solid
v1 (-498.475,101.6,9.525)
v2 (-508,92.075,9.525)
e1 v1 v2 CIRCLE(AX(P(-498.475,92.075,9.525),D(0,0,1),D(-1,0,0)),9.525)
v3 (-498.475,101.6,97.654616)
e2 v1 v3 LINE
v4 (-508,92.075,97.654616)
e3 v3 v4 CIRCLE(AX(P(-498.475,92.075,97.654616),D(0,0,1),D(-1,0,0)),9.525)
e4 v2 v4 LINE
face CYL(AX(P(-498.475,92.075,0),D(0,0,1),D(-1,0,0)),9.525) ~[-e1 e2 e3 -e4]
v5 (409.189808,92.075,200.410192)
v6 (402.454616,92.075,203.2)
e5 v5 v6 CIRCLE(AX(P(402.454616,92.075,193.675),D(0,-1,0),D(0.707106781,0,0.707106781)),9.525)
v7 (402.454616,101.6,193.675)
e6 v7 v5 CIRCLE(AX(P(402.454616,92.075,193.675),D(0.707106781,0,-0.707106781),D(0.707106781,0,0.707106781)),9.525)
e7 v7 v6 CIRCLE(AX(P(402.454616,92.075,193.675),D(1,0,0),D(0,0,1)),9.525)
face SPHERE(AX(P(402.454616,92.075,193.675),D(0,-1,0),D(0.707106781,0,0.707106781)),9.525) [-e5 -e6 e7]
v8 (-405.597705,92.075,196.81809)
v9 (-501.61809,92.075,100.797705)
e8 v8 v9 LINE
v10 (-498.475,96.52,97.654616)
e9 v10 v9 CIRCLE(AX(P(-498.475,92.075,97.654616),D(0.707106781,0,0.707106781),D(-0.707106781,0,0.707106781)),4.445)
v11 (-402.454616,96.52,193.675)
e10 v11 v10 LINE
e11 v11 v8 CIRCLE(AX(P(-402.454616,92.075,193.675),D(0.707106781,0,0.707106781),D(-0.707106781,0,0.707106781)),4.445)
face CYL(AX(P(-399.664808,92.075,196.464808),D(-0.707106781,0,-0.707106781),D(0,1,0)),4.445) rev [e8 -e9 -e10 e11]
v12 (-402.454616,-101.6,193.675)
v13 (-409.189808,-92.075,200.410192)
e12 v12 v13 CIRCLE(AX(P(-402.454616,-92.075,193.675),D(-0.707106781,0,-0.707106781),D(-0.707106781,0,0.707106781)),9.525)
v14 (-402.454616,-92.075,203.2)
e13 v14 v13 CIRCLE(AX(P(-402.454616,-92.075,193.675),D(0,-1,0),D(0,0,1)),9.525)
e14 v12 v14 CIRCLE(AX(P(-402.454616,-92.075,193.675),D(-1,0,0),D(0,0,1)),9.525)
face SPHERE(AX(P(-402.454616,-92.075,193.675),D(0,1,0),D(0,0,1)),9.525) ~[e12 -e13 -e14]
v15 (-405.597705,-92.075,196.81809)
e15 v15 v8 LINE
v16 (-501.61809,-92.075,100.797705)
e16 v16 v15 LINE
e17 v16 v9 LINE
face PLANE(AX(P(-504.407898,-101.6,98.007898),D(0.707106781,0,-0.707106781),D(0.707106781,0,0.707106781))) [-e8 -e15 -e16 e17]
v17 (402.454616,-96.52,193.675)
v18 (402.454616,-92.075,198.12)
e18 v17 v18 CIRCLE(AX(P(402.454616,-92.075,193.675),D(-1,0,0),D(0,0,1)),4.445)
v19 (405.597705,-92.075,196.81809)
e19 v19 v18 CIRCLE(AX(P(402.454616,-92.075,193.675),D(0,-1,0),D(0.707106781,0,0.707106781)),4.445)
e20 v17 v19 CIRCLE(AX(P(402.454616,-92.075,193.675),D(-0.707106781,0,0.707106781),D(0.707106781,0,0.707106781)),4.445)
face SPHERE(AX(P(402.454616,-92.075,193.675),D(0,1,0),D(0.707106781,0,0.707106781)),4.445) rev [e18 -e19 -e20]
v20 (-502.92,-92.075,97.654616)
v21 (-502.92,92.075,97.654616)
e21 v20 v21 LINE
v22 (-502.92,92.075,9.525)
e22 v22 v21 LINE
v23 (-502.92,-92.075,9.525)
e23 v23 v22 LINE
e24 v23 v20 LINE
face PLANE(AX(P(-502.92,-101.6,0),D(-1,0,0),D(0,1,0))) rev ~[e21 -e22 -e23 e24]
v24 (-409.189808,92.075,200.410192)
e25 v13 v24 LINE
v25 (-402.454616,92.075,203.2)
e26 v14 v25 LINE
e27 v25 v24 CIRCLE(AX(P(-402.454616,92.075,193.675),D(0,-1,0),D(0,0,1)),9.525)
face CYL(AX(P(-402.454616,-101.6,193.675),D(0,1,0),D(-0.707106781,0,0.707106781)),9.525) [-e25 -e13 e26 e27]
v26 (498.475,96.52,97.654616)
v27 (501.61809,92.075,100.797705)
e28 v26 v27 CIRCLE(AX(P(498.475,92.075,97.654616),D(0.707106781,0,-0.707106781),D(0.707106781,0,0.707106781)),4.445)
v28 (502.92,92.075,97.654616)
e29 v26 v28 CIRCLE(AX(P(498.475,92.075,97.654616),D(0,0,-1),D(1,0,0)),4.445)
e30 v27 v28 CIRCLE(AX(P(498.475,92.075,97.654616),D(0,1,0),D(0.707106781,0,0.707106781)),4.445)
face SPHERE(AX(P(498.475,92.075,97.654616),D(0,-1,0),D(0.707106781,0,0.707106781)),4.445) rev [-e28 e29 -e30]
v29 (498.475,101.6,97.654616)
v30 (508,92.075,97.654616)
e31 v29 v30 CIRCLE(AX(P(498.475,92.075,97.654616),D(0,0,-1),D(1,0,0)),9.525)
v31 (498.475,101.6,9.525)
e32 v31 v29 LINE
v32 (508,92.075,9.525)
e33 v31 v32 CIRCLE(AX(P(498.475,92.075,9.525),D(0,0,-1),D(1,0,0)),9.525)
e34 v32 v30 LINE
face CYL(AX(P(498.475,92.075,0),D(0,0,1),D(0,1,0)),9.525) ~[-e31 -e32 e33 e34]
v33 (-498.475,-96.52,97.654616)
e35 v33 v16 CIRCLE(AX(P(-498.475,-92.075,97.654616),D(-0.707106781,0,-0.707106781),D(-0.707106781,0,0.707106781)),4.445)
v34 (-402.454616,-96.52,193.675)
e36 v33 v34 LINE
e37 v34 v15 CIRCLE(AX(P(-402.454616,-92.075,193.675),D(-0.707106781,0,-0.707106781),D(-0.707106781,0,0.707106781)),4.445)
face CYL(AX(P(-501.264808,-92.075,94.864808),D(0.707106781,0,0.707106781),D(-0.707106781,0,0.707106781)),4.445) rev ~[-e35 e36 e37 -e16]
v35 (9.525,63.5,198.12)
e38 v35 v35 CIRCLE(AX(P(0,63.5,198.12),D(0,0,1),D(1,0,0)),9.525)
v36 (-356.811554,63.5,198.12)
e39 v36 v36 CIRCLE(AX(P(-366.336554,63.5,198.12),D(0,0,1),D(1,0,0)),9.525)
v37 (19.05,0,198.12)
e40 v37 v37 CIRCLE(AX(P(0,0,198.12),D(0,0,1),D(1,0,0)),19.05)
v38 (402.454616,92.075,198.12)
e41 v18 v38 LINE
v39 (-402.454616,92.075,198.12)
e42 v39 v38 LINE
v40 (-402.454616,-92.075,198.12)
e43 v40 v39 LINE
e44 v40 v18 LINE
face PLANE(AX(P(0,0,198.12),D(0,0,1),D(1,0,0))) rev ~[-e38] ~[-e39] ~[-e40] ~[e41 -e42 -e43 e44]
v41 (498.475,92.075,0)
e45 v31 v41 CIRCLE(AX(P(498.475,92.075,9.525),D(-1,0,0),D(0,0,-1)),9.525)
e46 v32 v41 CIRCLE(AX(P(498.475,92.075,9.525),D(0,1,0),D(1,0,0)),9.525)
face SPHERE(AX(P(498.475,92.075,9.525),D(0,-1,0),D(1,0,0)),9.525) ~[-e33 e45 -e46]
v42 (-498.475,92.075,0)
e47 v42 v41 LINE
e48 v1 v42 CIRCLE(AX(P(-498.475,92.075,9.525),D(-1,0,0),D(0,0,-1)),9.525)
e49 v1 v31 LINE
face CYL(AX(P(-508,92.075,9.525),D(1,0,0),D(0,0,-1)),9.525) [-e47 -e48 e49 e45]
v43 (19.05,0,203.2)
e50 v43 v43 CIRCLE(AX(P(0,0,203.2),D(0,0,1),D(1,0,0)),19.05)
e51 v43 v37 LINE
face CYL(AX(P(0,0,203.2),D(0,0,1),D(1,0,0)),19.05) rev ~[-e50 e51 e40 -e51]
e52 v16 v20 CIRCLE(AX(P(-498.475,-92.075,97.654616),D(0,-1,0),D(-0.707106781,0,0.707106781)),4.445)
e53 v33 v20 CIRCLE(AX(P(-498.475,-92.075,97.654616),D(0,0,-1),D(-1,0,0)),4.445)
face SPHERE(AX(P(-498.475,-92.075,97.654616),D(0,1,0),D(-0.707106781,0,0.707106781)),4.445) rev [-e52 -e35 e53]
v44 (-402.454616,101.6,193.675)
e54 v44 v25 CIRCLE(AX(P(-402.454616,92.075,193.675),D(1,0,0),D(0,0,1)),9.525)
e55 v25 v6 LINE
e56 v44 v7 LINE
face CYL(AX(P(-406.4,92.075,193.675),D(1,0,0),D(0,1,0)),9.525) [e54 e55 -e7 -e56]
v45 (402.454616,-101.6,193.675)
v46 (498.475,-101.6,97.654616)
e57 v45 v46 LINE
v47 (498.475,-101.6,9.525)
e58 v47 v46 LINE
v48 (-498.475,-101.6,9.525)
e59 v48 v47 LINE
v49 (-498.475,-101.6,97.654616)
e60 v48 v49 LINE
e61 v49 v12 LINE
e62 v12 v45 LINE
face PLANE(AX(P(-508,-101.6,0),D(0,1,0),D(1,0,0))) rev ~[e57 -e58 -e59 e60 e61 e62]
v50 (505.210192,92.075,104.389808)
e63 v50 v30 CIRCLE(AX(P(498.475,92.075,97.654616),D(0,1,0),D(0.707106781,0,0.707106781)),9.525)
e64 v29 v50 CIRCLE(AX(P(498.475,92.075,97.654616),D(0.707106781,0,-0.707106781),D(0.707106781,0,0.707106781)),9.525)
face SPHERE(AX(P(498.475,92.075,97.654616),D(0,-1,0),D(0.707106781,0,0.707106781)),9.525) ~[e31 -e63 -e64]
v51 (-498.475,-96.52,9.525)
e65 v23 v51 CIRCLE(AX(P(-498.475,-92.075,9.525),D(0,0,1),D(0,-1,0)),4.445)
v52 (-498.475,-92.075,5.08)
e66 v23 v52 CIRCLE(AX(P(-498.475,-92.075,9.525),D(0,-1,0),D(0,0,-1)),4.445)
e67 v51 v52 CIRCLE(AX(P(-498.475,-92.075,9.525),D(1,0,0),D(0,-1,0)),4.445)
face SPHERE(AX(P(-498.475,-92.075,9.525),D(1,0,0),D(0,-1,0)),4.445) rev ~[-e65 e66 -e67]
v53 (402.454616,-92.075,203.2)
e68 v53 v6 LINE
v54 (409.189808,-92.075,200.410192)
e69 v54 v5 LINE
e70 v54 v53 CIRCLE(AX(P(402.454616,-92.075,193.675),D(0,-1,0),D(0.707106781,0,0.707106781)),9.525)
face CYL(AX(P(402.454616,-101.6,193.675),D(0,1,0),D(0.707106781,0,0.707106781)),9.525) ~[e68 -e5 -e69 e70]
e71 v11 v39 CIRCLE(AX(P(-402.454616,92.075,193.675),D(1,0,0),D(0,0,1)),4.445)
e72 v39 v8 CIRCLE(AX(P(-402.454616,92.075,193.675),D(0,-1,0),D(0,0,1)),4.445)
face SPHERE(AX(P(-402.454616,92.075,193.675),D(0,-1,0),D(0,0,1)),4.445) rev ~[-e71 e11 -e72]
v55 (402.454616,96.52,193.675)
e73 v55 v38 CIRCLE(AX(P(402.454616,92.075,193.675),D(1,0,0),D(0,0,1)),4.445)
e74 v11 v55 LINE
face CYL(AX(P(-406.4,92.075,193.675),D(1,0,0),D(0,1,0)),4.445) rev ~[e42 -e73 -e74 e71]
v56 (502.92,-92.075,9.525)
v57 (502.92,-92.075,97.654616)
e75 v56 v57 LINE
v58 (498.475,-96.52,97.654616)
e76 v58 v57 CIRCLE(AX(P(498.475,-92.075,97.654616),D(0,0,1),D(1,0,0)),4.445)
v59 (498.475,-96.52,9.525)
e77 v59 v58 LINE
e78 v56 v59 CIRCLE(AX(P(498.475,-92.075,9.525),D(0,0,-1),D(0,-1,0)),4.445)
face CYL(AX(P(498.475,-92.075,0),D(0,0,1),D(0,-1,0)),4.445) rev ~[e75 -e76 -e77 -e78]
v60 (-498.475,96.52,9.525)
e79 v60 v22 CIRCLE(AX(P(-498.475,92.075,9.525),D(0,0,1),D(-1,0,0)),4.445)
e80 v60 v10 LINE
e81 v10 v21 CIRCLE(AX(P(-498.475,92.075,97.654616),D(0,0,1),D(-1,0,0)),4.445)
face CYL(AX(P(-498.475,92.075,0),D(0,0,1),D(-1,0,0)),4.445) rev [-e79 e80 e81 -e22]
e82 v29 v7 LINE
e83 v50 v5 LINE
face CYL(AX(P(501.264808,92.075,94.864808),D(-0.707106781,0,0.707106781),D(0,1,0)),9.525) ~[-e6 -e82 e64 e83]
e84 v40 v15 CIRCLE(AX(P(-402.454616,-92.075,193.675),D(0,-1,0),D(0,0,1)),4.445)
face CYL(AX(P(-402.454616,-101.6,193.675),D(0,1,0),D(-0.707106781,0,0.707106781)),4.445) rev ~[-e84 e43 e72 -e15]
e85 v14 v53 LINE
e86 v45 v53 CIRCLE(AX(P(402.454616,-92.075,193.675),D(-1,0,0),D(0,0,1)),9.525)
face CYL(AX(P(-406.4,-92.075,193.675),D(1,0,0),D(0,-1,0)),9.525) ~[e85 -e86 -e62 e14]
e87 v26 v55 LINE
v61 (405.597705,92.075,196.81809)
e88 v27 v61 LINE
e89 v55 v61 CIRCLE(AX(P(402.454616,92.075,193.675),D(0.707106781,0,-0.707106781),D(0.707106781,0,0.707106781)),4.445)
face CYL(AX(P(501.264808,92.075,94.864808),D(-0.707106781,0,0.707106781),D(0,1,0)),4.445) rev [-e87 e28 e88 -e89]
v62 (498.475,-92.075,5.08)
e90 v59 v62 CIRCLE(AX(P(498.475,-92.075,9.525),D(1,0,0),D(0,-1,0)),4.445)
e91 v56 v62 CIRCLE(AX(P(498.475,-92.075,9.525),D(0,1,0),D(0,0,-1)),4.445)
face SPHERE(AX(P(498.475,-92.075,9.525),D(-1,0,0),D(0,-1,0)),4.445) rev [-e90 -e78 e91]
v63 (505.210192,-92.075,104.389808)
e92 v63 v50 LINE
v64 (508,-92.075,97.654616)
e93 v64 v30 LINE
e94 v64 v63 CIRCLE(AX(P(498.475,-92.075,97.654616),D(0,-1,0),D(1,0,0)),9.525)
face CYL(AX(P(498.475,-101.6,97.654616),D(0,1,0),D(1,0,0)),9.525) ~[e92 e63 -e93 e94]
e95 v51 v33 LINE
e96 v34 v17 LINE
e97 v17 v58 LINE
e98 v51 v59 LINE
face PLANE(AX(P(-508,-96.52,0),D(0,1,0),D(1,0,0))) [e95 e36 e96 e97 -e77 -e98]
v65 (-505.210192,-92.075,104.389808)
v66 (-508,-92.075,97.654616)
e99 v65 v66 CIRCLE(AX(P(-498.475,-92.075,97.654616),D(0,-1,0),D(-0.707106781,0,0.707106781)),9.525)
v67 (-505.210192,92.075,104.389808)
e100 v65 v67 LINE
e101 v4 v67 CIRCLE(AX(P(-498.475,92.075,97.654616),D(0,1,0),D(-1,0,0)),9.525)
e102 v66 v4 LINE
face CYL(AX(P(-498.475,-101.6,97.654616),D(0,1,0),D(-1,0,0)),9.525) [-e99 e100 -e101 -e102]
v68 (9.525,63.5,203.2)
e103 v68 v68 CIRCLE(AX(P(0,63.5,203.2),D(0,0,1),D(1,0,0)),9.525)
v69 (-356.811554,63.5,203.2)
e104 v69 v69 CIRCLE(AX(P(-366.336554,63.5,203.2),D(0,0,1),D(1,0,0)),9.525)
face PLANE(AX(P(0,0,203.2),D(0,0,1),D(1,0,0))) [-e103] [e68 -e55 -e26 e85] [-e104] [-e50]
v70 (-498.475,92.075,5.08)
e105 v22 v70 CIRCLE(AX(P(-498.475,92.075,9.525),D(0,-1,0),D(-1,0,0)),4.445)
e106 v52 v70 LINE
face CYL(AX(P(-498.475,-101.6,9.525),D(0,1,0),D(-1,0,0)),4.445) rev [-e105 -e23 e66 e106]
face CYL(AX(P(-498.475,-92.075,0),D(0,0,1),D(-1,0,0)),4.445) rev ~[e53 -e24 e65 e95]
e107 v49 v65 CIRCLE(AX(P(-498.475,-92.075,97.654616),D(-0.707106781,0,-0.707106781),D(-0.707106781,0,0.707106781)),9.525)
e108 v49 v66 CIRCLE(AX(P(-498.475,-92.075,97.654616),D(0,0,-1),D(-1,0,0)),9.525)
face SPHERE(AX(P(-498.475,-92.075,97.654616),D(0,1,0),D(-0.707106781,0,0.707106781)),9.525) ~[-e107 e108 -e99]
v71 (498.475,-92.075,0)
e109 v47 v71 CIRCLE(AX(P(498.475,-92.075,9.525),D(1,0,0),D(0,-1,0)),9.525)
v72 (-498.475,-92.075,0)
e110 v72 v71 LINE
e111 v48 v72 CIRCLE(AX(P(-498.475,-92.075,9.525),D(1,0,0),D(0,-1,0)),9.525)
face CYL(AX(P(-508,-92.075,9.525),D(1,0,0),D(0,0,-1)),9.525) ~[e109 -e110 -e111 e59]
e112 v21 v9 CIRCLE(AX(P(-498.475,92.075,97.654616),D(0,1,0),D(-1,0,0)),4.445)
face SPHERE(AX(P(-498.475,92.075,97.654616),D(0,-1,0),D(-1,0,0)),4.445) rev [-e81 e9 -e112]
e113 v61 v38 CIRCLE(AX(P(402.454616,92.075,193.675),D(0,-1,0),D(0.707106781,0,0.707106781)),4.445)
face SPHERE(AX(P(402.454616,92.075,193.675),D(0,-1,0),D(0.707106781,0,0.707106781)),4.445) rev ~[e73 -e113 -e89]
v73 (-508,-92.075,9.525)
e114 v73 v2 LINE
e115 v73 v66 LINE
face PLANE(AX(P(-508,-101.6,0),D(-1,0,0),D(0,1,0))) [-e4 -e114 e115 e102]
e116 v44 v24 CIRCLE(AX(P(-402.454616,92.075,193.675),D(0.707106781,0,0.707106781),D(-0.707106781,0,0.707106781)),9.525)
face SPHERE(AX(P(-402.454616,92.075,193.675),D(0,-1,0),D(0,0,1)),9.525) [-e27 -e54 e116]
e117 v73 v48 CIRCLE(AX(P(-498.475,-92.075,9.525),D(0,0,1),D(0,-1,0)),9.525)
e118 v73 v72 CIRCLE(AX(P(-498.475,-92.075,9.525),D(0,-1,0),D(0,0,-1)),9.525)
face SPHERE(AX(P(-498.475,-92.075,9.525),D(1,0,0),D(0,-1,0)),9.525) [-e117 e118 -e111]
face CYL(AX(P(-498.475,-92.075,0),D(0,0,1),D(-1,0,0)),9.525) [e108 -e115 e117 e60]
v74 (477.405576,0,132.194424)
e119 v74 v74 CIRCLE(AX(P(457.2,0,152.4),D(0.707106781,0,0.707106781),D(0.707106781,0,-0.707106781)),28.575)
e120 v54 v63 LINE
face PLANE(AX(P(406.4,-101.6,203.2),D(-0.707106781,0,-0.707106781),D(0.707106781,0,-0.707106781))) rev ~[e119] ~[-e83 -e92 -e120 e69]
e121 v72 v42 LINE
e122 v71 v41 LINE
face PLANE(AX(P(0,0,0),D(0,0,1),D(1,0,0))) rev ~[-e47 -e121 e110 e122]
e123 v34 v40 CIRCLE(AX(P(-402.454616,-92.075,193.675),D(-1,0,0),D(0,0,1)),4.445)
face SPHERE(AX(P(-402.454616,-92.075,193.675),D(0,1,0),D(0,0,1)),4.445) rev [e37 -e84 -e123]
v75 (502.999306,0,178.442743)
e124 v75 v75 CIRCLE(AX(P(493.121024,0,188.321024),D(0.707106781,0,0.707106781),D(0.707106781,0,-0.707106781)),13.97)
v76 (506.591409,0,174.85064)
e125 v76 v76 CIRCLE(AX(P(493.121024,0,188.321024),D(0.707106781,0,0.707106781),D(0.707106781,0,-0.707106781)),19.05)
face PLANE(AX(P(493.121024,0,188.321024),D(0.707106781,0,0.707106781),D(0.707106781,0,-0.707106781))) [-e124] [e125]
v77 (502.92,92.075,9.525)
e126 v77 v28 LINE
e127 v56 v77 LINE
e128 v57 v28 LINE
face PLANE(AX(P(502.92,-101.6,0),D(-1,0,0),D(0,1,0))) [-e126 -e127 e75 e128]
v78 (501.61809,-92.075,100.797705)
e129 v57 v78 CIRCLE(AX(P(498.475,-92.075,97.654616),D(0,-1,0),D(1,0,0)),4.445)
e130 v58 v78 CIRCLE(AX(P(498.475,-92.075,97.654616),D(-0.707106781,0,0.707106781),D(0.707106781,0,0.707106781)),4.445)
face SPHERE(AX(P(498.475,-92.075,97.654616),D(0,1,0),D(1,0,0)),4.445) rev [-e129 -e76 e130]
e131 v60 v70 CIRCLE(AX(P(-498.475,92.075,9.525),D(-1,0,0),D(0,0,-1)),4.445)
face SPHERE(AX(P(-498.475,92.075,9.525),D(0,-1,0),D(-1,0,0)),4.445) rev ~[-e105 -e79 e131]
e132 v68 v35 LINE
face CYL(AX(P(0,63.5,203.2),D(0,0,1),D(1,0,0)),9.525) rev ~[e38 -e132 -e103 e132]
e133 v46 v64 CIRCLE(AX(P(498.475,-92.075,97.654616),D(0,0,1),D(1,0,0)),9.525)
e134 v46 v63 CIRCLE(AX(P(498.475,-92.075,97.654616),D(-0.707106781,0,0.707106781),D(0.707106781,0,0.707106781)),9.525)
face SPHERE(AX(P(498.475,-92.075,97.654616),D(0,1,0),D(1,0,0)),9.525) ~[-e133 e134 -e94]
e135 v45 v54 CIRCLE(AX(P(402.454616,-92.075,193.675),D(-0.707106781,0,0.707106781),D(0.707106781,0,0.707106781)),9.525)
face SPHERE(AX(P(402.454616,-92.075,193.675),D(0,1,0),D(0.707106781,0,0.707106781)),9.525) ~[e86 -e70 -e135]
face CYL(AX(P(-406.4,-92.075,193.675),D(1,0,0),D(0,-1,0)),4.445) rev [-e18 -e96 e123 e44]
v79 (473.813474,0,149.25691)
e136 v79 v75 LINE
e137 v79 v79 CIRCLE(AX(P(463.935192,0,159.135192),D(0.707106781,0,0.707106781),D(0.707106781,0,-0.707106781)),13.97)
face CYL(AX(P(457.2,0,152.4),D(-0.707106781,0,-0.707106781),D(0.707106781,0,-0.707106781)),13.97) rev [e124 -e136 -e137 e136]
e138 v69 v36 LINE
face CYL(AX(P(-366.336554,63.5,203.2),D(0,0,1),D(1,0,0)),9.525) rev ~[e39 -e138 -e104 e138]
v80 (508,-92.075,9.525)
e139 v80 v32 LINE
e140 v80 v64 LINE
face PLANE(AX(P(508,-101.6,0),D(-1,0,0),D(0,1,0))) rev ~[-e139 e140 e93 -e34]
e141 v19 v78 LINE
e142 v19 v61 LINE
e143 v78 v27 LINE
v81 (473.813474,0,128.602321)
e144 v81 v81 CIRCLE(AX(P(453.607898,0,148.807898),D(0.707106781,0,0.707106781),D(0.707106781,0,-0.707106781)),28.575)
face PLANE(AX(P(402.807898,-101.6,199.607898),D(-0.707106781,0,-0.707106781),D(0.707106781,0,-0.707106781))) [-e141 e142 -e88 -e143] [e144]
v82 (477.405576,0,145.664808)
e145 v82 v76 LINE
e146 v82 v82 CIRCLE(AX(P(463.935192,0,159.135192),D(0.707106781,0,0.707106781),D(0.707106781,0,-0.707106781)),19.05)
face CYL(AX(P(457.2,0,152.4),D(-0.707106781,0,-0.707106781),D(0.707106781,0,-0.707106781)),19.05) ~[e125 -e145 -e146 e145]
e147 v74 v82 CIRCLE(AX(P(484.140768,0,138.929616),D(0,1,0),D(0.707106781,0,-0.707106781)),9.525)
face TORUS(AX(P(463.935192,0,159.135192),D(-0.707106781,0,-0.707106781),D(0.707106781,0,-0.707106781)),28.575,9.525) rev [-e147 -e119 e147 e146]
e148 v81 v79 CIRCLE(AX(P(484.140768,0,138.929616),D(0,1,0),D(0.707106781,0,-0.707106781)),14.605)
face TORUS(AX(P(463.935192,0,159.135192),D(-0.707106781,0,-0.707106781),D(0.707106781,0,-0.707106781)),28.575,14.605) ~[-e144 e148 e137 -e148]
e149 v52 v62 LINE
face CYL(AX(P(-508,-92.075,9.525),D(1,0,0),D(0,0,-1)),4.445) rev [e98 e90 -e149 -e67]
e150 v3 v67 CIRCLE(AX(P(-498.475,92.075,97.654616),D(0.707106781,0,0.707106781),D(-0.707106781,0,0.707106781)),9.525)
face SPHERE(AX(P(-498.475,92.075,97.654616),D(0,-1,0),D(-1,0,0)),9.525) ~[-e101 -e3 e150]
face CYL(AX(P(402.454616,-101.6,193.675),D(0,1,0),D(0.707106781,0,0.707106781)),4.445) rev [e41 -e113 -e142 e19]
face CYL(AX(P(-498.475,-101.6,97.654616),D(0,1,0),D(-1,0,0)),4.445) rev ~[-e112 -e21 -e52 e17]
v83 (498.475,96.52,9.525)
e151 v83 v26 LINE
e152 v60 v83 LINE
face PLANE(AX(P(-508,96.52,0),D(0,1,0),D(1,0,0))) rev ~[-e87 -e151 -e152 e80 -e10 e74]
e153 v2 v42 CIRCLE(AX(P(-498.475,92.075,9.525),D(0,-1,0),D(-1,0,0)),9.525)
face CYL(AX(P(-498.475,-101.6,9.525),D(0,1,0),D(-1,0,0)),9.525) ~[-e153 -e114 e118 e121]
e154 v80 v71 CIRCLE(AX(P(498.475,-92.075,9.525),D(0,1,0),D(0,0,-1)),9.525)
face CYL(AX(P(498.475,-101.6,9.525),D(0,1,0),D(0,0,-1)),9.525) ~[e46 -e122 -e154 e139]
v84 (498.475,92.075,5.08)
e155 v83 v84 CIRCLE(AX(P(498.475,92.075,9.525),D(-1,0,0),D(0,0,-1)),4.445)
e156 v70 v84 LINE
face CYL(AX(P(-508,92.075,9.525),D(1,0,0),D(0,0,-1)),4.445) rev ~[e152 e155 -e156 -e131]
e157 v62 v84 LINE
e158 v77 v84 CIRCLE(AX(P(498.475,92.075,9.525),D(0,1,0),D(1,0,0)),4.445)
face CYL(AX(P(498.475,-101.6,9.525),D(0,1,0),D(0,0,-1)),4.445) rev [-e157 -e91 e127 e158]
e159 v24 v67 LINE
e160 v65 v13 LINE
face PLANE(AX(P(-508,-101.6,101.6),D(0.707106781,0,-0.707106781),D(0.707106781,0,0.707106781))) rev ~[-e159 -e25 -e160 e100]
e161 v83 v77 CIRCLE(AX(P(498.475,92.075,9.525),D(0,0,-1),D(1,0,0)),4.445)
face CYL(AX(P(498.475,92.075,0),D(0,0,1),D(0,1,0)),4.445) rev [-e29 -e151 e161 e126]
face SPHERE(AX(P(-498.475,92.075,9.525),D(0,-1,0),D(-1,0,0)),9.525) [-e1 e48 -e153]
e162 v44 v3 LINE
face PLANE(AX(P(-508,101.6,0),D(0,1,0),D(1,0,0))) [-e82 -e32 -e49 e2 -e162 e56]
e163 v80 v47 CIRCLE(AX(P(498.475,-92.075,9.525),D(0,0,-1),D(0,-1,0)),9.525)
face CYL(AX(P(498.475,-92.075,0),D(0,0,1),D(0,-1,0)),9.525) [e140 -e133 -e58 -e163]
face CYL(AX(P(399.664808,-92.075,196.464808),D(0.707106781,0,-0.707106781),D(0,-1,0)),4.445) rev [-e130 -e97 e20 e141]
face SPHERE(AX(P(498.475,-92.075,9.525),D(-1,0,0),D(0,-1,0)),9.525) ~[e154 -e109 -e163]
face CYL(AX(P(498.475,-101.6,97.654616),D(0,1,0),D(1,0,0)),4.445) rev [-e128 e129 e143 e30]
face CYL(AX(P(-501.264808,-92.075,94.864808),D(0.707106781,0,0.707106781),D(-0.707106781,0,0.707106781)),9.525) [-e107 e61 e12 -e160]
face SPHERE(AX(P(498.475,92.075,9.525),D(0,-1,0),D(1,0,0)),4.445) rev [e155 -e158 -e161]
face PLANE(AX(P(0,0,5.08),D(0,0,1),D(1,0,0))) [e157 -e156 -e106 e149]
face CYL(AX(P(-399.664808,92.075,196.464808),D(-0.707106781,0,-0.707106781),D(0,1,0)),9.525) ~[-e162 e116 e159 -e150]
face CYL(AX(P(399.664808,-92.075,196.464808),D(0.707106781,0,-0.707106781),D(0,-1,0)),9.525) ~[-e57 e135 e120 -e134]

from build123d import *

# Parameters (mm, degrees)
F0_W     = 1016
F0_H     = 203.2
F1_DEPTH = 203.2
F3_DEPTH = 203.201
F4_R     = 19.05
F5_DEPTH = 50.8
F6_R     = 9.525
F7_T     = -5.08
F8_R     = 9.525
F8_R_2   = 19.05
F9_DEPTH = 5.08


with BuildPart() as f1:
    # F0 (on Top) → F1 (new body)
    with BuildSketch(Plane.XY):
        Rectangle(F0_W, F0_H)
    extrude(amount=F1_DEPTH)

    # F2 (on face) → F3 (cut, through all)
    with BuildSketch(Plane.XZ.offset(101.6)):
        Polygon((-508, 203.2), (-508, 101.6), (-406.4, 203.2), align=None)
        Polygon((508, 203.2), (406.4, 203.2), (508, 101.6), align=None)
    extrude(amount=-F3_DEPTH, mode=Mode.SUBTRACT)

    # F4 (on face) → F5 (join)
    with BuildSketch(Plane(origin=(304.8, 0, 304.8), x_dir=(0.7071067812, 0, -0.7071067812), z_dir=(0.7071067812, 0, 0.7071067812))):
        with Locations((215.5261469057, 0)):
            Circle(F4_R)
    extrude(amount=F5_DEPTH)

    # F6
    f6_edges = [f1.edges().sort_by_distance(p)[0] for p in [
        (0, -101.6, 0),
        (508, -101.6, 50.8),
        (457.2, -101.6, 152.4),
        (0, -101.6, 203.2),
        (-457.2, -101.6, 152.4),
        (-508, -101.6, 50.8),
        (406.4, 0, 203.2),
        (508, 0, 101.6),
        (457.2, 101.6, 152.4),
        (443.729616, 0, 165.870384),
        (508, 0, 0),
        (508, 101.6, 50.8),
        (-406.4, 0, 203.2),
        (0, 101.6, 203.2),
        (-508, 0, 0),
        (-508, 0, 101.6),
        (-508, 101.6, 50.8),
        (-457.2, 101.6, 152.4),
        (0, 101.6, 0),
    ]]
    fillet(f6_edges, radius=F6_R)

    # F7
    f7_openings = [f1.faces().sort_by_distance(p)[0] for p in [
        (493.121024, 0, 188.321024),
    ]]
    offset(amount=F7_T, openings=f7_openings)

    # F8 (on face) → F9 (cut)
    with BuildSketch(Plane.XY.offset(203.2)):
        with Locations((-366.3365542889, 63.5)):
            Circle(F8_R)
        with Locations((0, 63.5)):
            Circle(F8_R)
        Circle(F8_R_2)
    extrude(amount=-F9_DEPTH, mode=Mode.SUBTRACT)


solid = f1.part
